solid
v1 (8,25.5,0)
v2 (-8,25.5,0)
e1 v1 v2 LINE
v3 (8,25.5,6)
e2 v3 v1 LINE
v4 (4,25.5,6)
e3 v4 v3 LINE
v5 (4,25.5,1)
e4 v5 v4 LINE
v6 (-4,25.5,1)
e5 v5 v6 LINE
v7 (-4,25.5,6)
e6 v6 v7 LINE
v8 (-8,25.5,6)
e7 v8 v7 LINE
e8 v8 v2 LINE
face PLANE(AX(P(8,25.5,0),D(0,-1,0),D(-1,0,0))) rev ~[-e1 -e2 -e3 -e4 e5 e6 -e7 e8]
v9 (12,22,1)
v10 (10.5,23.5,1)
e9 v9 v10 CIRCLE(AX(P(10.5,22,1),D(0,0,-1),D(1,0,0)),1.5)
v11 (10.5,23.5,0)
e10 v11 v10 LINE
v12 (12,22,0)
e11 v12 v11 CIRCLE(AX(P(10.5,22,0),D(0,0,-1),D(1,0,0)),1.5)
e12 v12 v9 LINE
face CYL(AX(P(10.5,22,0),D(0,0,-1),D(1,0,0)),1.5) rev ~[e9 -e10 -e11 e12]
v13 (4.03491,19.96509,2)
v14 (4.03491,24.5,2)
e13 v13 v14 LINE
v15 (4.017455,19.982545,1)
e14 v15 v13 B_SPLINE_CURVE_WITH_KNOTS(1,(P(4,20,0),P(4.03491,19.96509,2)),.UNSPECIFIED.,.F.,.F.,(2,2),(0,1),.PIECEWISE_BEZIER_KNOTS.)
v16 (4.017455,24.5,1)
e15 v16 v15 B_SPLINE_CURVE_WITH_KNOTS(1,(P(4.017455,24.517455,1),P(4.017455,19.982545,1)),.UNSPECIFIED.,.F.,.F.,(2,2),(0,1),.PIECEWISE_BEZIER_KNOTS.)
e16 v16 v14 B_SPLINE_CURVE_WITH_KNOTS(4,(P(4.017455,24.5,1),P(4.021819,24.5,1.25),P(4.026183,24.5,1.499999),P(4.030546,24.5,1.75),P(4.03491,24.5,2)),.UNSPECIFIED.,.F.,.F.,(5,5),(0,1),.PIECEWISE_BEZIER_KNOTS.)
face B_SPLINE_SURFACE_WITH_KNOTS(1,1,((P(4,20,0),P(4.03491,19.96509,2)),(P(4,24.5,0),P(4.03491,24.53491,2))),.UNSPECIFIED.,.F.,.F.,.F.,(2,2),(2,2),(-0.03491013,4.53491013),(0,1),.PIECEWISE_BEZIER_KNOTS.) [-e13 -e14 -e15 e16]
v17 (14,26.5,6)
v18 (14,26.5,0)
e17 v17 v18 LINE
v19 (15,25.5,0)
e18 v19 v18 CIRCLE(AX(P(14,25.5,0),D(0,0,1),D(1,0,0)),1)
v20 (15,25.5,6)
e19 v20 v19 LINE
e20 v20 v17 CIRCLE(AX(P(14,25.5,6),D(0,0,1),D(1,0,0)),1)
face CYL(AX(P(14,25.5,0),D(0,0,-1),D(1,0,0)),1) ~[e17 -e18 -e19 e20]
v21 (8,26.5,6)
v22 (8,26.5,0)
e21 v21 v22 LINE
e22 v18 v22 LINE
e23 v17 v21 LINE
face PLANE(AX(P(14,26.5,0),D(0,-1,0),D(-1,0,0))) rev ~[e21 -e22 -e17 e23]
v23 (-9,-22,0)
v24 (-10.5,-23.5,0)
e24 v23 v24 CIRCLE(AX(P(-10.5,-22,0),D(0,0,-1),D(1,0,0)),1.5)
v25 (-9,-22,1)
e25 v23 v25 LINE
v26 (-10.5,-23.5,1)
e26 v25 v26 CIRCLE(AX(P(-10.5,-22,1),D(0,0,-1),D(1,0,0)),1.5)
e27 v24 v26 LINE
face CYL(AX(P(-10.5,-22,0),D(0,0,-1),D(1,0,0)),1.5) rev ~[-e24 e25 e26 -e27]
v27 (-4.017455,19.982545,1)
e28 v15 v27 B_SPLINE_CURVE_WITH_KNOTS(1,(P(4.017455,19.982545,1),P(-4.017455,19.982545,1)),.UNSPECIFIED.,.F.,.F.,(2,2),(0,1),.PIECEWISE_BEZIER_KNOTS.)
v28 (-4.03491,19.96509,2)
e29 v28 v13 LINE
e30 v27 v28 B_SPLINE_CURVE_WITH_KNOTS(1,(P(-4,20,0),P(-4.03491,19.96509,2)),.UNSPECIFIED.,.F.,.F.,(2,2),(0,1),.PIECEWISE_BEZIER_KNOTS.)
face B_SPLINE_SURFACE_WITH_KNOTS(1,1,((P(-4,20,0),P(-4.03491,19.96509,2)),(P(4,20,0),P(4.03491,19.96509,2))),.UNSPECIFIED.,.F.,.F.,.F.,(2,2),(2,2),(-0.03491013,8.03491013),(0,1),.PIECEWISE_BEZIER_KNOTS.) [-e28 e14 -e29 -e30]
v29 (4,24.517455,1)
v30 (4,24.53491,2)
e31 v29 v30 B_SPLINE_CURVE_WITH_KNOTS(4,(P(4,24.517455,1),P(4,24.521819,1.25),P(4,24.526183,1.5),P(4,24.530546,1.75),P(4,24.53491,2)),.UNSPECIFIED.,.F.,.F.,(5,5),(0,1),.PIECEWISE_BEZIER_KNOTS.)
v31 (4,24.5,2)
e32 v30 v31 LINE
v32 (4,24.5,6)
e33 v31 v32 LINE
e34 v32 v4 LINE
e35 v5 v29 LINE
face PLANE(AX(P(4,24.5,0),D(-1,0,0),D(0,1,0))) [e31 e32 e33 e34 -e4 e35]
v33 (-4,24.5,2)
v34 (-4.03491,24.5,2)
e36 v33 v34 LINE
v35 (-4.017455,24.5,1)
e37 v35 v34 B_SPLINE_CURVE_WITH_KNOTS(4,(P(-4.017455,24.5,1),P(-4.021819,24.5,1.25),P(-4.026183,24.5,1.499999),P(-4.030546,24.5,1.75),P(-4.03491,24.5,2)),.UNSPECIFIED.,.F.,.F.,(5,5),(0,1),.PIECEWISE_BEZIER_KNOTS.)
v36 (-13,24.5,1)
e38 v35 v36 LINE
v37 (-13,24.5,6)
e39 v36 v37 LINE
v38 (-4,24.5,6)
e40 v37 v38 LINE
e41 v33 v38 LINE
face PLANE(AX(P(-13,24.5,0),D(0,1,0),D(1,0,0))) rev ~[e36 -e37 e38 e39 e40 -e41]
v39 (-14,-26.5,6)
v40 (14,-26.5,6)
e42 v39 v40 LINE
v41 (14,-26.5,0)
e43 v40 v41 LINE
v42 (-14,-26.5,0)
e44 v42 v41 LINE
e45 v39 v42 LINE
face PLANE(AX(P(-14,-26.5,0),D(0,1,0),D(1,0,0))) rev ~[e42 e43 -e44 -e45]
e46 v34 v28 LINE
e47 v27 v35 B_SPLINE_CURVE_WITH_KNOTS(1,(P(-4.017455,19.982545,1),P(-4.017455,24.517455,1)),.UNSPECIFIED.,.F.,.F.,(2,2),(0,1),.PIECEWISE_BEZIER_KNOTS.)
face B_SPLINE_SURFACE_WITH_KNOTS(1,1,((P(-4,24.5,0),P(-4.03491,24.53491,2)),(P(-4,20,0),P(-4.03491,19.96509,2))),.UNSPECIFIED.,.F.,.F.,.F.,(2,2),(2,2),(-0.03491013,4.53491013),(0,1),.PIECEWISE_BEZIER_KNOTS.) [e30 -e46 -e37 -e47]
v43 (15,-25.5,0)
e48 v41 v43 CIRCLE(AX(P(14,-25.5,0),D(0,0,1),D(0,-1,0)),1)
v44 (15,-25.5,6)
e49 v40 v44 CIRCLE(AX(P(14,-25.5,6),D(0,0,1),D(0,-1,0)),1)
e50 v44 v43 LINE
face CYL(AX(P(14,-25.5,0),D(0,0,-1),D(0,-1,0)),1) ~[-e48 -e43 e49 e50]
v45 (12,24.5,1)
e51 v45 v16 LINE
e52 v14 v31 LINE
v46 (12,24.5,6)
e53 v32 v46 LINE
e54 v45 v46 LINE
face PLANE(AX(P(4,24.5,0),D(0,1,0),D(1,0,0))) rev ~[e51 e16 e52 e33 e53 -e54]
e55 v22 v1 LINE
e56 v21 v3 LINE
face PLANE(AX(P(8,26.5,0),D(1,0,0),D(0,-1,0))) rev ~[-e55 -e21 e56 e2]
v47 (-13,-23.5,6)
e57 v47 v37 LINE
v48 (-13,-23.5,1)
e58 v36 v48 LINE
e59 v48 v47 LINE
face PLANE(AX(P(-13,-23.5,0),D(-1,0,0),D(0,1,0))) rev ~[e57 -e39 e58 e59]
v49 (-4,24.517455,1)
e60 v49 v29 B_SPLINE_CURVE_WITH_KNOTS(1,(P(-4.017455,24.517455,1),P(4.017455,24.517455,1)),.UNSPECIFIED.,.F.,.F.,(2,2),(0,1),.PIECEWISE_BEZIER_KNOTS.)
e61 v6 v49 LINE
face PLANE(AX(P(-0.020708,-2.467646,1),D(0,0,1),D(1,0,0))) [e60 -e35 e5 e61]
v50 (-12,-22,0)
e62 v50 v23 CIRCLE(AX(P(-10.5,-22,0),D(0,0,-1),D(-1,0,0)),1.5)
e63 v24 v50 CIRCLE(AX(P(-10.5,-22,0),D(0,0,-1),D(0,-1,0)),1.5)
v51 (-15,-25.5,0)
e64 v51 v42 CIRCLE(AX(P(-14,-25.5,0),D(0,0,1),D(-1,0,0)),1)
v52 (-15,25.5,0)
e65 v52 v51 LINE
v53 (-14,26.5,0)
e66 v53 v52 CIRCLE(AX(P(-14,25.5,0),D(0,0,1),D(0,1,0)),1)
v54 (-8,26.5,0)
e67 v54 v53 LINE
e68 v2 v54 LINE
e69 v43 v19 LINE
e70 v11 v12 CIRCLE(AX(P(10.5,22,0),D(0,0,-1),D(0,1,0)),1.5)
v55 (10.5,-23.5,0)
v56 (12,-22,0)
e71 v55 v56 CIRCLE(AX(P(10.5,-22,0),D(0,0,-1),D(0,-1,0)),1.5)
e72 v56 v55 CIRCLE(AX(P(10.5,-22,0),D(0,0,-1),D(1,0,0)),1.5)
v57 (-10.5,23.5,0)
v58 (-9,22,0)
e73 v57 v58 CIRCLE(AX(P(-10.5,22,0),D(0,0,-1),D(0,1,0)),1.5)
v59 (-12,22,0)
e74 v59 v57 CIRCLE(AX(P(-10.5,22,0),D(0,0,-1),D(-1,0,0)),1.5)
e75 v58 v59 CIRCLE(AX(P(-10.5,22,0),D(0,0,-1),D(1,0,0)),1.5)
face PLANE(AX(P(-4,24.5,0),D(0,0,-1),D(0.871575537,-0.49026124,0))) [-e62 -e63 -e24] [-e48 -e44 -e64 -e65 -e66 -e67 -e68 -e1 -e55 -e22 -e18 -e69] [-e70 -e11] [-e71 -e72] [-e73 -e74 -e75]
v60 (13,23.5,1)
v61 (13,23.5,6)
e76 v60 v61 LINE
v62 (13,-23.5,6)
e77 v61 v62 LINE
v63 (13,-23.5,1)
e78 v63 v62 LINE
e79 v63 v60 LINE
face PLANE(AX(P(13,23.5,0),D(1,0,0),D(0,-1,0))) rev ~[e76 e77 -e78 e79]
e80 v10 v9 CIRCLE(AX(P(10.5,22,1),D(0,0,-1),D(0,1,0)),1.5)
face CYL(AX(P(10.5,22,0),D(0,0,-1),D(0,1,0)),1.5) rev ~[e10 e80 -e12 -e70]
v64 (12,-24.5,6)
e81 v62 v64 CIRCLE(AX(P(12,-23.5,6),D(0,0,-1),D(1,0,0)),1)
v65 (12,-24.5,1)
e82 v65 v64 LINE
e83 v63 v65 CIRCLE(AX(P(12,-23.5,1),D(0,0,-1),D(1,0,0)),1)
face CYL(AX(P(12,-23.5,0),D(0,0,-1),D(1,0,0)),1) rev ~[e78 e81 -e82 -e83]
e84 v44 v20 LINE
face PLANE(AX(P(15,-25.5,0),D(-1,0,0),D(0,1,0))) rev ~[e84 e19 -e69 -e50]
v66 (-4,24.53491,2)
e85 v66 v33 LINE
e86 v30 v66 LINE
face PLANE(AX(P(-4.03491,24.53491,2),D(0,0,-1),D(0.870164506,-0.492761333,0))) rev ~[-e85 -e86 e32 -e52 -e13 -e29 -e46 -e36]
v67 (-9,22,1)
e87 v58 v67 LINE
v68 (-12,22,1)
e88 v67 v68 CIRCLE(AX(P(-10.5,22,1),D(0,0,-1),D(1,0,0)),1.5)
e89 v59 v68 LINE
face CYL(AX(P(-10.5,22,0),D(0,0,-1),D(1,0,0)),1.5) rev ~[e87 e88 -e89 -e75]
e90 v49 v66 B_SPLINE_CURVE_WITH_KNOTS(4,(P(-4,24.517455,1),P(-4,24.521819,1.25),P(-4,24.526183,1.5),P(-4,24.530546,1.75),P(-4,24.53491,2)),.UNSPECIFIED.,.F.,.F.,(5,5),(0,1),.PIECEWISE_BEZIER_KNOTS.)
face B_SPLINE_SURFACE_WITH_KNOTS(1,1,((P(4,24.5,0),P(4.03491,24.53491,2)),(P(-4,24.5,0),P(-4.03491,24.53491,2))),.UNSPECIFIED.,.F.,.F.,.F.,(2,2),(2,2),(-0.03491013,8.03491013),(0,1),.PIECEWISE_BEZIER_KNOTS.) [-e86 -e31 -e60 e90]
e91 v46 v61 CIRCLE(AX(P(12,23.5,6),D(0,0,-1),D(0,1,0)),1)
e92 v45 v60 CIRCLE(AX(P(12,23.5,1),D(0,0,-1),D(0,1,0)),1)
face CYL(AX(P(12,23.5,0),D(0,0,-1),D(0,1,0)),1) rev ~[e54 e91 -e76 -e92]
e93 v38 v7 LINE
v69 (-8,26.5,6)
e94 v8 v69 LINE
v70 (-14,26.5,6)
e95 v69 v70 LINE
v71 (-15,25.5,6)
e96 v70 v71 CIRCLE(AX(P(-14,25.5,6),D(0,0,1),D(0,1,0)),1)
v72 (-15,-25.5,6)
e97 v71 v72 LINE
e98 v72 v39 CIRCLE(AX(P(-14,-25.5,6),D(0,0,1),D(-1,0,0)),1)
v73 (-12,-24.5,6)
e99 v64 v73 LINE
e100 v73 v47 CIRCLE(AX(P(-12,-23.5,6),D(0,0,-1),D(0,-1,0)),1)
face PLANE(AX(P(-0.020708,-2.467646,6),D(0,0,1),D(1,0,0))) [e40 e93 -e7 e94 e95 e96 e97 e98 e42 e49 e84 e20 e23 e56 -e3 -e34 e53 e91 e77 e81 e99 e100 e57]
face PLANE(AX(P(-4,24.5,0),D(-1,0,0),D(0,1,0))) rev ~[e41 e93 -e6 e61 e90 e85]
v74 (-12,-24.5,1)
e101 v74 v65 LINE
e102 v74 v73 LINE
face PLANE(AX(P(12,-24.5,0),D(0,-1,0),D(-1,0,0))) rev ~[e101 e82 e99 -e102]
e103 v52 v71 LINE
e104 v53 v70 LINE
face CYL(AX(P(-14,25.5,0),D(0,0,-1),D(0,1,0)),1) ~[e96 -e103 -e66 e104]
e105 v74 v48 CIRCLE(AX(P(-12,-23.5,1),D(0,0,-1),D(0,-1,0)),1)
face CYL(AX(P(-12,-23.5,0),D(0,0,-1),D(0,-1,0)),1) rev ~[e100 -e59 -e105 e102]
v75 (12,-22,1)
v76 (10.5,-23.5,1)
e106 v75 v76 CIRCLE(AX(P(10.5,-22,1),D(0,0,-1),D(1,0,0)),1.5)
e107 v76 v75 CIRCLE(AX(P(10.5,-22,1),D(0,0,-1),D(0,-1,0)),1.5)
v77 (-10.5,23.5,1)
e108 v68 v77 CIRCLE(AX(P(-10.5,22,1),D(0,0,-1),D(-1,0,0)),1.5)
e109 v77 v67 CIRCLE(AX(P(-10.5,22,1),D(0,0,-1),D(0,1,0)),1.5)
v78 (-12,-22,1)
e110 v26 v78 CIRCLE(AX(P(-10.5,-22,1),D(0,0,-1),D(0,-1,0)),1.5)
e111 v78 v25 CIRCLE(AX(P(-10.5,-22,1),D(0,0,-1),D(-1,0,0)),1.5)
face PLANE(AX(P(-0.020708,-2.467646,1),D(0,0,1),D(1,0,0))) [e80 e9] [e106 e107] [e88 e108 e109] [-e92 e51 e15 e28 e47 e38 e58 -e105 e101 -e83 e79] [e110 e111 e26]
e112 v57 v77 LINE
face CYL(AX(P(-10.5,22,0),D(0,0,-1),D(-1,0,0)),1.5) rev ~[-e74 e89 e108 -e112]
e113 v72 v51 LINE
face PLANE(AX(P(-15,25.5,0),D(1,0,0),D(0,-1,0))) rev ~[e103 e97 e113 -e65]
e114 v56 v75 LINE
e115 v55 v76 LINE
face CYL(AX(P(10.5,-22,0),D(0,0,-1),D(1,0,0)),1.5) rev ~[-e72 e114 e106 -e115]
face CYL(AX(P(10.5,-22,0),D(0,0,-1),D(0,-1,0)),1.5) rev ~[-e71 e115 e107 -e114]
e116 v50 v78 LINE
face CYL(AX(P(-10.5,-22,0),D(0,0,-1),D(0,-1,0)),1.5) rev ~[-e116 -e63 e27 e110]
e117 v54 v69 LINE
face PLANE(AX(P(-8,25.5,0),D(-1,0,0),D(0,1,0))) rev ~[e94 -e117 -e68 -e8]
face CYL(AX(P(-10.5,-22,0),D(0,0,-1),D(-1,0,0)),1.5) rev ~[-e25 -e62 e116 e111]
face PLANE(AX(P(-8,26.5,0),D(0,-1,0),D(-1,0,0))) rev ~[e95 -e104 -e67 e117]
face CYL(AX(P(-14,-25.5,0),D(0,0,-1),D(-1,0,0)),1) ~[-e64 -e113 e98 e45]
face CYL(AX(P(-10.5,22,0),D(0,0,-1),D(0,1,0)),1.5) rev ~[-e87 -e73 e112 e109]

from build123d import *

# Parameters (mm, degrees)
F0_W     = 4
F0_H     = 1
F1_DEPTH = 1
F2_DEPTH = 6
F3_DEPTH = 2
F3_TAPER = -1


with BuildPart() as f1:
    # F0 (on Top) → F1 (new body)
    with BuildSketch(Plane.XY):
        with BuildLine():
            Line((-13, 24.5), (-12, 24.5))
            Line((-12, 24.5), (-10.5, 24.5))
            Line((-10.5, 24.5), (-8, 24.5))
            Line((-8, 24.5), (-8, 25.5))
            Line((-8, 25.5), (-8, 26.5))
            Line((-8, 26.5), (-14, 26.5))
            ThreePointArc((-14, 26.5), (-14.7071067812, 26.2071067812), (-15, 25.5))
            Line((-15, 25.5), (-15, -25.5))
            ThreePointArc((-15, -25.5), (-14.7071067812, -26.2071067812), (-14, -26.5))
            Line((-14, -26.5), (14, -26.5))
            ThreePointArc((14, -26.5), (14.7071067812, -26.2071067812), (15, -25.5))
            Line((15, -25.5), (15, 25.5))
            ThreePointArc((15, 25.5), (14.7071067812, 26.2071067812), (14, 26.5))
            Line((14, 26.5), (8, 26.5))
            Line((8, 26.5), (8, 25.5))
            Line((8, 25.5), (8, 24.5))
            Line((8, 24.5), (10.5, 24.5))
            Line((10.5, 24.5), (12, 24.5))
            ThreePointArc((12, 24.5), (12.7071067812, 24.2071067812), (13, 23.5))
            Line((13, 23.5), (13, 22))
            Line((13, 22), (13, -22))
            Line((13, -22), (13, -23.5))
            ThreePointArc((13, -23.5), (12.7071067812, -24.2071067812), (12, -24.5))
            Line((12, -24.5), (10.5, -24.5))
            Line((10.5, -24.5), (-10.5, -24.5))
            Line((-10.5, -24.5), (-12, -24.5))
            ThreePointArc((-12, -24.5), (-12.7071067812, -24.2071067812), (-13, -23.5))
            Line((-13, -23.5), (-13, -22))
            Line((-13, -22), (-13, 22))
            Line((-13, 22), (-13, 23.5))
            Line((-13, 23.5), (-13, 24.5))
        make_face()
        with Locations((6, 25)):
            Rectangle(F0_W, F0_H)
        with Locations((2, 25)):
            Rectangle(F0_W, F0_H)
        with Locations((-2, 25)):
            Rectangle(F0_W, F0_H)
        with Locations((-6, 25)):
            Rectangle(F0_W, F0_H)
        Polygon((0, 24.5), (-4, 24.5), (-4, 20), (4, 20), (4, 24.5), align=None)
        with BuildLine():
            Line((-12, -22), (-13, -22))
            Line((-13, -22), (-13, -23.5))
            ThreePointArc((-13, -23.5), (-12.7071067812, -24.2071067812), (-12, -24.5))
            Line((-12, -24.5), (-10.5, -24.5))
            Line((-10.5, -24.5), (-10.5, -23.5))
            ThreePointArc((-10.5, -23.5), (-11.5606601718, -23.0606601718), (-12, -22))
        make_face()
        with BuildLine():
            Line((-8, 24.5), (-10.5, 24.5))
            Line((-10.5, 24.5), (-10.5, 23.5))
            ThreePointArc((-10.5, 23.5), (-9.4393398282, 23.0606601718), (-9, 22))
            ThreePointArc((-9, 22), (-10.5, 20.5), (-12, 22))
            Line((-12, 22), (-13, 22))
            Line((-13, 22), (-13, -22))
            Line((-13, -22), (-12, -22))
            ThreePointArc((-12, -22), (-10.5, -20.5), (-9, -22))
            ThreePointArc((-9, -22), (-9.4393398282, -23.0606601718), (-10.5, -23.5))
            Line((-10.5, -23.5), (-10.5, -24.5))
            Line((-10.5, -24.5), (10.5, -24.5))
            Line((10.5, -24.5), (10.5, -23.5))
            ThreePointArc((10.5, -23.5), (9.4393398282, -20.9393398282), (12, -22))
            Line((12, -22), (13, -22))
            Line((13, -22), (13, 22))
            Line((13, 22), (12, 22))
            ThreePointArc((12, 22), (9.4393398282, 20.9393398282), (10.5, 23.5))
            Line((10.5, 23.5), (10.5, 24.5))
            Line((10.5, 24.5), (8, 24.5))
            Line((8, 24.5), (4, 24.5))
            Line((4, 24.5), (4, 20))
            Line((4, 20), (-4, 20))
            Line((-4, 20), (-4, 24.5))
            Line((-4, 24.5), (-8, 24.5))
        make_face()
        with BuildLine():
            Line((10.5, -23.5), (10.5, -24.5))
            Line((10.5, -24.5), (12, -24.5))
            ThreePointArc((12, -24.5), (12.7071067812, -24.2071067812), (13, -23.5))
            Line((13, -23.5), (13, -22))
            Line((13, -22), (12, -22))
            ThreePointArc((12, -22), (11.5606601718, -23.0606601718), (10.5, -23.5))
        make_face()
        with BuildLine():
            Line((12, 24.5), (10.5, 24.5))
            Line((10.5, 24.5), (10.5, 23.5))
            ThreePointArc((10.5, 23.5), (11.5606601718, 23.0606601718), (12, 22))
            Line((12, 22), (13, 22))
            Line((13, 22), (13, 23.5))
            ThreePointArc((13, 23.5), (12.7071067812, 24.2071067812), (12, 24.5))
        make_face()
        with BuildLine():
            Line((-10.5, 24.5), (-12, 24.5))
            ThreePointArc((-12, 24.5), (-12.7071067812, 24.2071067812), (-13, 23.5))
            Line((-13, 23.5), (-13, 22))
            Line((-13, 22), (-12, 22))
            ThreePointArc((-12, 22), (-11.5606601718, 23.0606601718), (-10.5, 23.5))
            Line((-10.5, 23.5), (-10.5, 24.5))
        make_face()
        with BuildLine():
            ThreePointArc((-13, 23.5), (-12.7071067812, 24.2071067812), (-12, 24.5))
            Line((-12, 24.5), (-13, 24.5))
            Line((-13, 24.5), (-13, 23.5))
        make_face()
    extrude(amount=F1_DEPTH)

    # F0 (on Top) → F2 (join)
    with BuildSketch(Plane.XY):
        with BuildLine():
            Line((-13, 24.5), (-12, 24.5))
            Line((-12, 24.5), (-10.5, 24.5))
            Line((-10.5, 24.5), (-8, 24.5))
            Line((-8, 24.5), (-8, 25.5))
            Line((-8, 25.5), (-8, 26.5))
            Line((-8, 26.5), (-14, 26.5))
            ThreePointArc((-14, 26.5), (-14.7071067812, 26.2071067812), (-15, 25.5))
            Line((-15, 25.5), (-15, -25.5))
            ThreePointArc((-15, -25.5), (-14.7071067812, -26.2071067812), (-14, -26.5))
            Line((-14, -26.5), (14, -26.5))
            ThreePointArc((14, -26.5), (14.7071067812, -26.2071067812), (15, -25.5))
            Line((15, -25.5), (15, 25.5))
            ThreePointArc((15, 25.5), (14.7071067812, 26.2071067812), (14, 26.5))
            Line((14, 26.5), (8, 26.5))
            Line((8, 26.5), (8, 25.5))
            Line((8, 25.5), (8, 24.5))
            Line((8, 24.5), (10.5, 24.5))
            Line((10.5, 24.5), (12, 24.5))
            ThreePointArc((12, 24.5), (12.7071067812, 24.2071067812), (13, 23.5))
            Line((13, 23.5), (13, 22))
            Line((13, 22), (13, -22))
            Line((13, -22), (13, -23.5))
            ThreePointArc((13, -23.5), (12.7071067812, -24.2071067812), (12, -24.5))
            Line((12, -24.5), (10.5, -24.5))
            Line((10.5, -24.5), (-10.5, -24.5))
            Line((-10.5, -24.5), (-12, -24.5))
            ThreePointArc((-12, -24.5), (-12.7071067812, -24.2071067812), (-13, -23.5))
            Line((-13, -23.5), (-13, -22))
            Line((-13, -22), (-13, 22))
            Line((-13, 22), (-13, 23.5))
            Line((-13, 23.5), (-13, 24.5))
        make_face()
        with Locations((6, 25)):
            Rectangle(F0_W, F0_H)
        with Locations((-6, 25)):
            Rectangle(F0_W, F0_H)
    extrude(amount=F2_DEPTH)

    # F0 (on Top) → F3 (join)
    with BuildSketch(Plane.XY):
        Polygon((0, 24.5), (-4, 24.5), (-4, 20), (4, 20), (4, 24.5), align=None)
    extrude(amount=F3_DEPTH, taper=F3_TAPER)


solid = f1.part
